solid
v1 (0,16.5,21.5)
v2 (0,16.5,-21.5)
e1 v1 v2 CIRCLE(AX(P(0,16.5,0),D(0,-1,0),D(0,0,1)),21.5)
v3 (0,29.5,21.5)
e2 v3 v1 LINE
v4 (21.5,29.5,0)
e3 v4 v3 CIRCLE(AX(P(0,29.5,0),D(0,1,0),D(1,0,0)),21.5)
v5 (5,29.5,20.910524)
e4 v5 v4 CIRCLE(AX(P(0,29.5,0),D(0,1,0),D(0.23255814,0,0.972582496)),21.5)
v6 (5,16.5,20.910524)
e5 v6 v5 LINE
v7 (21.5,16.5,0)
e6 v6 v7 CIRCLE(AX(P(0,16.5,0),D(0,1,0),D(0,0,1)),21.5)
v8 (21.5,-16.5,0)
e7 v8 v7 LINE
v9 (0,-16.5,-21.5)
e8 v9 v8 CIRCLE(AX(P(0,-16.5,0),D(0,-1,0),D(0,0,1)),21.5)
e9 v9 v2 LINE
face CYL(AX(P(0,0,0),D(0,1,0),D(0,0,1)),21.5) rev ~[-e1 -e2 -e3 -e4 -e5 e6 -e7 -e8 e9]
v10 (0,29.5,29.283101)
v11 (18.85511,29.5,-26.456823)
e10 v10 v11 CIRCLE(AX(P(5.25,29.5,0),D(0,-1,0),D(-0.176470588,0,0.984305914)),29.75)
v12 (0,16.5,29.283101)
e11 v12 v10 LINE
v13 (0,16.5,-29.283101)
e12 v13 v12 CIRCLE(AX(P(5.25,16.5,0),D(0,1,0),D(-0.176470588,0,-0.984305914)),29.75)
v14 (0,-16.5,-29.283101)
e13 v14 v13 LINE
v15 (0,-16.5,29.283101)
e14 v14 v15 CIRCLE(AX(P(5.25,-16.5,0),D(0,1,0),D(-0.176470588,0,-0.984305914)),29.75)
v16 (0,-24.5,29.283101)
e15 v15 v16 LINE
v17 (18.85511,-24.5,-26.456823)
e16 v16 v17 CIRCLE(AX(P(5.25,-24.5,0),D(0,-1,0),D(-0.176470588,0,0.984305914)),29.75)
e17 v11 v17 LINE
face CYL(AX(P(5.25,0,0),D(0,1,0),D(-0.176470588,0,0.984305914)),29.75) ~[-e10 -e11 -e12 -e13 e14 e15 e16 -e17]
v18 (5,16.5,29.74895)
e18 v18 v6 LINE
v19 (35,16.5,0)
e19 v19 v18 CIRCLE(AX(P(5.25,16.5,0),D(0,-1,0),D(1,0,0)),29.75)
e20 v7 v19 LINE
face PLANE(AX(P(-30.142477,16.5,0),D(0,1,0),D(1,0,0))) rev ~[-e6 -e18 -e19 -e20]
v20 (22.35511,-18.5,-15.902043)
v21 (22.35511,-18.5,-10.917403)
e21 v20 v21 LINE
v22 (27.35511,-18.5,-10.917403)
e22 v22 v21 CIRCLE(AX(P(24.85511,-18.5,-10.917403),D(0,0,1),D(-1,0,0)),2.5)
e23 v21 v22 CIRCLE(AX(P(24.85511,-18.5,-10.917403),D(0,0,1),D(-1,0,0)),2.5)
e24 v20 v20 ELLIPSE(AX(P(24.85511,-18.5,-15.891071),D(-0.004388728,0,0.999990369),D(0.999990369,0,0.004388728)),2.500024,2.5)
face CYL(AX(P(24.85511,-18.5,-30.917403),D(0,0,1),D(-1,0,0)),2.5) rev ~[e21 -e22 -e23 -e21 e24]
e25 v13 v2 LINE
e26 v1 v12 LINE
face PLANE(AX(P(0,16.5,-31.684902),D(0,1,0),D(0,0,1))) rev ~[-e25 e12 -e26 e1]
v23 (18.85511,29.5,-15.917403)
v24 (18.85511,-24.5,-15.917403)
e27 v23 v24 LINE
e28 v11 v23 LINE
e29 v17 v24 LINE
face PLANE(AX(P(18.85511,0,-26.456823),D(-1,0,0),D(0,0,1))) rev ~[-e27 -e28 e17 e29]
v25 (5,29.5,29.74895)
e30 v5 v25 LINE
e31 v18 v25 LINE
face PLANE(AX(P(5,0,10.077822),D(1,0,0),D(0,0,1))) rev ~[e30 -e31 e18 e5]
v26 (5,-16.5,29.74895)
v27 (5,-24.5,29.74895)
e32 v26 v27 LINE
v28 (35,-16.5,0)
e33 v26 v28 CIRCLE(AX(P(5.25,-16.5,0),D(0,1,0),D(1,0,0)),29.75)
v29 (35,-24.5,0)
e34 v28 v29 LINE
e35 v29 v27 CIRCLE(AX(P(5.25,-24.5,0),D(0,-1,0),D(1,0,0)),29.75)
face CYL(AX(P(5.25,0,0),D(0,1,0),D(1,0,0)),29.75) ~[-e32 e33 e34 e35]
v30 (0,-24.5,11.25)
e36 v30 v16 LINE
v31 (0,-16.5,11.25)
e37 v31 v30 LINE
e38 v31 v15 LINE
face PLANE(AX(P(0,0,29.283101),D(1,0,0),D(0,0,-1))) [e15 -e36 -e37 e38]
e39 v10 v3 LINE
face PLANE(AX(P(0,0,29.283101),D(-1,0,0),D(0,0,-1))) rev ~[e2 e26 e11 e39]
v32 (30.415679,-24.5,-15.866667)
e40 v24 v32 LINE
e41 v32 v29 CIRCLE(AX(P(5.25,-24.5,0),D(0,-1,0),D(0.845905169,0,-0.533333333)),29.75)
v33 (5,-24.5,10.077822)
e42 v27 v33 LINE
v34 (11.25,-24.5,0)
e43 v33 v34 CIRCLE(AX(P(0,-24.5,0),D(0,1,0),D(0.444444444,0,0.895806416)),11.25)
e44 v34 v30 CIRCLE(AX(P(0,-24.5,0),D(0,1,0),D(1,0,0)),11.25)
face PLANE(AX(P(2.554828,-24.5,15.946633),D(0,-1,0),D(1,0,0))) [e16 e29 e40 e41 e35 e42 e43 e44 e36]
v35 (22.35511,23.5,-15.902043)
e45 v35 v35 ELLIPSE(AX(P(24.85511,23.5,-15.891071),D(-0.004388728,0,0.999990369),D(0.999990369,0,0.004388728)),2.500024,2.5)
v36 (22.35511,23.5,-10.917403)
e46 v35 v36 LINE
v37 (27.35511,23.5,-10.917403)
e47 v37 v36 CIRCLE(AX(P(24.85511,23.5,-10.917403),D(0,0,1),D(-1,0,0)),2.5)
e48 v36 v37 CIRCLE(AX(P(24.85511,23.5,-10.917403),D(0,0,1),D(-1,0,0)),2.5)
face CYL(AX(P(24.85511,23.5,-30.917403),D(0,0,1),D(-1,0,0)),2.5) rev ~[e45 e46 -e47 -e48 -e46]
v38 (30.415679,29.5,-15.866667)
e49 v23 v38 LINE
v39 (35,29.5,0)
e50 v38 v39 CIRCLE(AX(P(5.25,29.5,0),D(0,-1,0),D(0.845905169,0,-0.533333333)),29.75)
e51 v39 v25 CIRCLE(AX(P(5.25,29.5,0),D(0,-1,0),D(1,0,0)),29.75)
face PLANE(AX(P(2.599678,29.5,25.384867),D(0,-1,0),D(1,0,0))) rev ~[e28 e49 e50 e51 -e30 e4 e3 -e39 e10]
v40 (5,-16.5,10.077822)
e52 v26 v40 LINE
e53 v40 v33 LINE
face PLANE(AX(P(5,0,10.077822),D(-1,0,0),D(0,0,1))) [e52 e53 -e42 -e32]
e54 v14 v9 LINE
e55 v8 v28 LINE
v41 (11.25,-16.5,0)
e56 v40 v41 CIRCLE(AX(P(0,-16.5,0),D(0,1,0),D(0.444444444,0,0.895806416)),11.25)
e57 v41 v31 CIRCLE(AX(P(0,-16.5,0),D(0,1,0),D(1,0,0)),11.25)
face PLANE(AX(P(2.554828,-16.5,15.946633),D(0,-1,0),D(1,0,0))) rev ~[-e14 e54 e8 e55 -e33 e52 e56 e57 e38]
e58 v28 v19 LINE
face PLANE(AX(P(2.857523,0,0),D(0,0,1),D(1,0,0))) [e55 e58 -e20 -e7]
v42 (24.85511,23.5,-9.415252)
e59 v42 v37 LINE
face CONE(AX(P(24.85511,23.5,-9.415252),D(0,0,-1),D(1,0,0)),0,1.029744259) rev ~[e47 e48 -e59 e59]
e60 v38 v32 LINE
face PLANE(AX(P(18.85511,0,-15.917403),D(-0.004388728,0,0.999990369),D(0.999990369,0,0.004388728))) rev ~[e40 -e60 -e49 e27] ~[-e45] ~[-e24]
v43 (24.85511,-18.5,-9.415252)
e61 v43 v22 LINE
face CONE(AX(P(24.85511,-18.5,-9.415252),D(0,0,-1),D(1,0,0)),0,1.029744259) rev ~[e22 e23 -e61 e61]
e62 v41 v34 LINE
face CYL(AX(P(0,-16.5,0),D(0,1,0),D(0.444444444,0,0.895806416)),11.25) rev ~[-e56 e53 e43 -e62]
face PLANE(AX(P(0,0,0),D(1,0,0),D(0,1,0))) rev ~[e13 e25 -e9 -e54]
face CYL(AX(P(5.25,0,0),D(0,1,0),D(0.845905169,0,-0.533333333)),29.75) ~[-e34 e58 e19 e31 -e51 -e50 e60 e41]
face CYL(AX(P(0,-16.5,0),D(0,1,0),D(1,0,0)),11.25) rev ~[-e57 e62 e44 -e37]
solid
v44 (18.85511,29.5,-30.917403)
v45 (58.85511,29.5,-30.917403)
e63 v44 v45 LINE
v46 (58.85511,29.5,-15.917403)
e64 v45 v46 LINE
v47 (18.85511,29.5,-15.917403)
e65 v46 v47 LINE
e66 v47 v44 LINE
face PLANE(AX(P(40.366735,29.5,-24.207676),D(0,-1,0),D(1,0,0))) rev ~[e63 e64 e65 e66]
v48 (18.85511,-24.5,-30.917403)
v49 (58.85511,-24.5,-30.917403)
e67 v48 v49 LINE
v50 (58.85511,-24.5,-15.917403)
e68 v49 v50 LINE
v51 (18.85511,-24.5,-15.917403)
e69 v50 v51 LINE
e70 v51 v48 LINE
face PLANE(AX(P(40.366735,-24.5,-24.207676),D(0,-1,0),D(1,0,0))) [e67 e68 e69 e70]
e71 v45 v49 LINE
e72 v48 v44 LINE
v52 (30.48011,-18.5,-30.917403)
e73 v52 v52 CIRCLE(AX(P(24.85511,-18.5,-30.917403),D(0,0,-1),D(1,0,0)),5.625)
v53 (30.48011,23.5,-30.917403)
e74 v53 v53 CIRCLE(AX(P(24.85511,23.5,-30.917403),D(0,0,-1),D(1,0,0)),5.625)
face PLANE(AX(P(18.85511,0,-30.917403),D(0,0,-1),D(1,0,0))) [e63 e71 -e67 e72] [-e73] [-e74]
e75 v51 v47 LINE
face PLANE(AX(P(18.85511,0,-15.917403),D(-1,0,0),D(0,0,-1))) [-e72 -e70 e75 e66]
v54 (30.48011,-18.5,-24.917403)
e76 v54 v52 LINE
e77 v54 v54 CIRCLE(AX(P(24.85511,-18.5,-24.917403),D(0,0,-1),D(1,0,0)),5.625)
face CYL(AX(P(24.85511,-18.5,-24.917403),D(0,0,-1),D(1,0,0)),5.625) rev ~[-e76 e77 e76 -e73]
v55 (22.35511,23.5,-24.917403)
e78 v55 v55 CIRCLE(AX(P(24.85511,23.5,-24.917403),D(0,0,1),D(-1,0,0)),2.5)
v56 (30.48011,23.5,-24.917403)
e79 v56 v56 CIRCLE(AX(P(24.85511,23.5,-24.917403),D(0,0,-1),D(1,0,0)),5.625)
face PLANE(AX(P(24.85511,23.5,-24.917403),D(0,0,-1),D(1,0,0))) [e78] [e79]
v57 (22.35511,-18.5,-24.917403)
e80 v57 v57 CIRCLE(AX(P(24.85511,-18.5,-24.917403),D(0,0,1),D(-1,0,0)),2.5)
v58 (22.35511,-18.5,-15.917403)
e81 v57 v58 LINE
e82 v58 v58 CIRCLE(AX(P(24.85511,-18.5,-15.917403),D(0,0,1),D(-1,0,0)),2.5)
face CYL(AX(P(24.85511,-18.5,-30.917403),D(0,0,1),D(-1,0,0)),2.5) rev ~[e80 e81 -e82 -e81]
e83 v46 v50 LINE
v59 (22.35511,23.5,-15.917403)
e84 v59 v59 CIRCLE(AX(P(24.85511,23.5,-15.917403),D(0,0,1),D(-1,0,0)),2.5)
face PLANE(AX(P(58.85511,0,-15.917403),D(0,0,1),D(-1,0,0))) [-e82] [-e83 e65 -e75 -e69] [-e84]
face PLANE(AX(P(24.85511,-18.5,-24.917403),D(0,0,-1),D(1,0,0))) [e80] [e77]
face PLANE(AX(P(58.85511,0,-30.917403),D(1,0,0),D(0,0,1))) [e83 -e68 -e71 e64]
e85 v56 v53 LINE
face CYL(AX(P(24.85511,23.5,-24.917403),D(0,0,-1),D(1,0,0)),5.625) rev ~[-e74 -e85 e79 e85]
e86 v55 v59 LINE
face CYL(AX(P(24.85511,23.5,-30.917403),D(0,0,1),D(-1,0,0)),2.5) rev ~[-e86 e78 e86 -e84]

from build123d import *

# Parameters (mm, degrees)
F1_DEPTH         = 24.5
F1_DEPTH_BACK    = 29.5
F2_START         = 16.5
F2_DEPTH         = 8
F3_W             = 66
F3_H             = 33
F4_DEPTH         = 40
F5_DEPTH         = 29.501
F5_DEPTH_BACK    = 25
F6_DEPTH         = 24.5
F6_DEPTH_BACK    = 29.5
F8_D             = 5
F8_DEPTH         = 20
F8_CBORE_D       = 11.25
F8_CBORE_DEPTH   = 6
F8_TIP           = 1.5021515476
F8_2_D           = 5
F8_2_DEPTH       = 20
F8_2_CBORE_D     = 11.25
F8_2_CBORE_DEPTH = 6
F8_2_TIP         = 1.5021515476
F9_W             = 33
F9_H             = 63.3698031306
F10_DEPTH        = 28.1


with BuildPart() as f1:
    # F0 (on Front) → F1 (new body, two sides)
    with BuildSketch(Plane.XZ) as f1_sk:
        with BuildLine():
            ThreePointArc((0, 21.5), (2.5173141614, 21.3521223632), (5, 20.9105236663))
            Line((5, 20.9105236663), (5, 29.7489495613))
            ThreePointArc((5, 29.7489495613), (2.4901533128, 29.6217107248), (0, 29.2831009287))
            Line((0, 29.2831009287), (0, 21.5))
        make_face()
        with BuildLine():
            Line((5, 29.7489495613), (5, 20.9105236663))
            ThreePointArc((5, 20.9105236663), (16.8782404296, 13.3182206019), (21.5, 0))
            ThreePointArc((21.5, 0), (-15.2027957955, -15.2027957955), (0, 21.5))
            Line((0, 21.5), (0, 29.2831009287))
            ThreePointArc((0, 29.2831009287), (-22.9313190623, -9.53287763), (18.8551100849, -26.4568229305))
            Line((18.8551100849, -26.4568229305), (18.8551100849, -15.9174033455))
            Line((18.8551100849, -15.9174033455), (30.4156787886, -15.8666666667))
            ThreePointArc((30.4156787886, -15.8666666667), (33.8309503337, -8.2578313146), (35, 0))
            ThreePointArc((35, 0), (26.1978519185, 21.1246301743), (5, 29.7489495613))
        make_face()
    extrude(amount=F1_DEPTH)
    extrude(f1_sk.sketch, amount=-F1_DEPTH_BACK)

    # F0 (on Front) → F2 (join)
    with BuildSketch(Plane.XZ.offset(F2_START)):
        with BuildLine():
            ThreePointArc((0, 11.25), (2.5677811837, 10.9530360993), (5, 10.0778221854))
            Line((5, 10.0778221854), (5, 20.9105236663))
            ThreePointArc((5, 20.9105236663), (2.5173141614, 21.3521223632), (0, 21.5))
            Line((0, 21.5), (0, 11.25))
        make_face()
        with BuildLine():
            ThreePointArc((5, 10.0778221854), (9.560661588, 5.9292706128), (11.25, 0))
            ThreePointArc((11.25, 0), (-7.9549512883, -7.9549512883), (0, 11.25))
            Line((0, 11.25), (0, 21.5))
            ThreePointArc((0, 21.5), (-15.2027957955, -15.2027957955), (21.5, 0))
            ThreePointArc((21.5, 0), (16.8782404296, 13.3182206019), (5, 20.9105236663))
            Line((5, 20.9105236663), (5, 10.0778221854))
        make_face()
    extrude(amount=F2_DEPTH)

    # F3 (on Top) → F4 (cut)
    with BuildSketch(Plane.XY):
        with Locations((2.857523039, 0)):
            Rectangle(F3_W, F3_H)
    extrude(amount=F4_DEPTH, mode=Mode.SUBTRACT)

    # F0 (on Front) → F5 (cut, two sides)
    with BuildSketch(Plane.XZ) as f5_sk:
        with BuildLine():
            ThreePointArc((0, 11.25), (2.5677811837, 10.9530360993), (5, 10.0778221854))
            Line((5, 10.0778221854), (5, 20.9105236663))
            ThreePointArc((5, 20.9105236663), (2.5173141614, 21.3521223632), (0, 21.5))
            Line((0, 21.5), (0, 11.25))
        make_face()
        with BuildLine():
            ThreePointArc((0, 21.5), (2.5173141614, 21.3521223632), (5, 20.9105236663))
            Line((5, 20.9105236663), (5, 29.7489495613))
            ThreePointArc((5, 29.7489495613), (2.4901533128, 29.6217107248), (0, 29.2831009287))
            Line((0, 29.2831009287), (0, 21.5))
        make_face()
    extrude(amount=-F5_DEPTH, mode=Mode.SUBTRACT)
    extrude(f5_sk.sketch, amount=F5_DEPTH_BACK, mode=Mode.SUBTRACT)

    # F8
    with Locations(Plane(origin=(0, 0, -30.9174033455), x_dir=(1, 0, 0), z_dir=(0, 0, -1))):
        with Locations((24.8551100849, 18.5), (24.8551100849, -23.5)):
            CounterBoreHole(F8_D / 2, F8_CBORE_D / 2, F8_CBORE_DEPTH, depth=F8_DEPTH)
            with Locations((0, 0, -(F8_DEPTH + F8_TIP / 2))):  # 118° drill point
                Cone(0, F8_D / 2, F8_TIP, mode=Mode.SUBTRACT)

    # F9 (on Right) → F10 (cut)
    with BuildSketch(Plane.YZ):
        Rectangle(F9_W, F9_H)
    extrude(amount=-F10_DEPTH, mode=Mode.SUBTRACT)


with BuildPart() as f6:
    # F0 (on Front) → F6 (new body, two sides)
    with BuildSketch(Plane.XZ) as f6_sk:
        with BuildLine():
            ThreePointArc((30.3836183376, -15.9174033455), (25.323418026, -21.9572400077), (18.8551100849, -26.4568229305))
            Line((18.8551100849, -26.4568229305), (18.8551100849, -30.9174033455))
            Line((18.8551100849, -30.9174033455), (58.8551100849, -30.9174033455))
            Line((58.8551100849, -30.9174033455), (58.8551100849, -15.9174033455))
            Line((58.8551100849, -15.9174033455), (30.3836183376, -15.9174033455))
        make_face()
        with BuildLine():
            Line((18.8551100849, -15.9174033455), (18.8551100849, -26.4568229305))
            ThreePointArc((18.8551100849, -26.4568229305), (25.323418026, -21.9572400077), (30.3836183376, -15.9174033455))
            Line((30.3836183376, -15.9174033455), (18.8551100849, -15.9174033455))
        make_face()
    extrude(amount=F6_DEPTH)
    extrude(f6_sk.sketch, amount=-F6_DEPTH_BACK)

    # F8#2
    with Locations(Plane(origin=(0, 0, -30.9174033455), x_dir=(1, 0, 0), z_dir=(0, 0, -1))):
        with Locations((24.8551100849, 18.5), (24.8551100849, -23.5)):
            CounterBoreHole(F8_2_D / 2, F8_2_CBORE_D / 2, F8_2_CBORE_DEPTH, depth=F8_2_DEPTH)
            with Locations((0, 0, -(F8_2_DEPTH + F8_2_TIP / 2))):  # 118° drill point
                Cone(0, F8_2_D / 2, F8_2_TIP, mode=Mode.SUBTRACT)


solid = Compound([f1.part, f6.part])
